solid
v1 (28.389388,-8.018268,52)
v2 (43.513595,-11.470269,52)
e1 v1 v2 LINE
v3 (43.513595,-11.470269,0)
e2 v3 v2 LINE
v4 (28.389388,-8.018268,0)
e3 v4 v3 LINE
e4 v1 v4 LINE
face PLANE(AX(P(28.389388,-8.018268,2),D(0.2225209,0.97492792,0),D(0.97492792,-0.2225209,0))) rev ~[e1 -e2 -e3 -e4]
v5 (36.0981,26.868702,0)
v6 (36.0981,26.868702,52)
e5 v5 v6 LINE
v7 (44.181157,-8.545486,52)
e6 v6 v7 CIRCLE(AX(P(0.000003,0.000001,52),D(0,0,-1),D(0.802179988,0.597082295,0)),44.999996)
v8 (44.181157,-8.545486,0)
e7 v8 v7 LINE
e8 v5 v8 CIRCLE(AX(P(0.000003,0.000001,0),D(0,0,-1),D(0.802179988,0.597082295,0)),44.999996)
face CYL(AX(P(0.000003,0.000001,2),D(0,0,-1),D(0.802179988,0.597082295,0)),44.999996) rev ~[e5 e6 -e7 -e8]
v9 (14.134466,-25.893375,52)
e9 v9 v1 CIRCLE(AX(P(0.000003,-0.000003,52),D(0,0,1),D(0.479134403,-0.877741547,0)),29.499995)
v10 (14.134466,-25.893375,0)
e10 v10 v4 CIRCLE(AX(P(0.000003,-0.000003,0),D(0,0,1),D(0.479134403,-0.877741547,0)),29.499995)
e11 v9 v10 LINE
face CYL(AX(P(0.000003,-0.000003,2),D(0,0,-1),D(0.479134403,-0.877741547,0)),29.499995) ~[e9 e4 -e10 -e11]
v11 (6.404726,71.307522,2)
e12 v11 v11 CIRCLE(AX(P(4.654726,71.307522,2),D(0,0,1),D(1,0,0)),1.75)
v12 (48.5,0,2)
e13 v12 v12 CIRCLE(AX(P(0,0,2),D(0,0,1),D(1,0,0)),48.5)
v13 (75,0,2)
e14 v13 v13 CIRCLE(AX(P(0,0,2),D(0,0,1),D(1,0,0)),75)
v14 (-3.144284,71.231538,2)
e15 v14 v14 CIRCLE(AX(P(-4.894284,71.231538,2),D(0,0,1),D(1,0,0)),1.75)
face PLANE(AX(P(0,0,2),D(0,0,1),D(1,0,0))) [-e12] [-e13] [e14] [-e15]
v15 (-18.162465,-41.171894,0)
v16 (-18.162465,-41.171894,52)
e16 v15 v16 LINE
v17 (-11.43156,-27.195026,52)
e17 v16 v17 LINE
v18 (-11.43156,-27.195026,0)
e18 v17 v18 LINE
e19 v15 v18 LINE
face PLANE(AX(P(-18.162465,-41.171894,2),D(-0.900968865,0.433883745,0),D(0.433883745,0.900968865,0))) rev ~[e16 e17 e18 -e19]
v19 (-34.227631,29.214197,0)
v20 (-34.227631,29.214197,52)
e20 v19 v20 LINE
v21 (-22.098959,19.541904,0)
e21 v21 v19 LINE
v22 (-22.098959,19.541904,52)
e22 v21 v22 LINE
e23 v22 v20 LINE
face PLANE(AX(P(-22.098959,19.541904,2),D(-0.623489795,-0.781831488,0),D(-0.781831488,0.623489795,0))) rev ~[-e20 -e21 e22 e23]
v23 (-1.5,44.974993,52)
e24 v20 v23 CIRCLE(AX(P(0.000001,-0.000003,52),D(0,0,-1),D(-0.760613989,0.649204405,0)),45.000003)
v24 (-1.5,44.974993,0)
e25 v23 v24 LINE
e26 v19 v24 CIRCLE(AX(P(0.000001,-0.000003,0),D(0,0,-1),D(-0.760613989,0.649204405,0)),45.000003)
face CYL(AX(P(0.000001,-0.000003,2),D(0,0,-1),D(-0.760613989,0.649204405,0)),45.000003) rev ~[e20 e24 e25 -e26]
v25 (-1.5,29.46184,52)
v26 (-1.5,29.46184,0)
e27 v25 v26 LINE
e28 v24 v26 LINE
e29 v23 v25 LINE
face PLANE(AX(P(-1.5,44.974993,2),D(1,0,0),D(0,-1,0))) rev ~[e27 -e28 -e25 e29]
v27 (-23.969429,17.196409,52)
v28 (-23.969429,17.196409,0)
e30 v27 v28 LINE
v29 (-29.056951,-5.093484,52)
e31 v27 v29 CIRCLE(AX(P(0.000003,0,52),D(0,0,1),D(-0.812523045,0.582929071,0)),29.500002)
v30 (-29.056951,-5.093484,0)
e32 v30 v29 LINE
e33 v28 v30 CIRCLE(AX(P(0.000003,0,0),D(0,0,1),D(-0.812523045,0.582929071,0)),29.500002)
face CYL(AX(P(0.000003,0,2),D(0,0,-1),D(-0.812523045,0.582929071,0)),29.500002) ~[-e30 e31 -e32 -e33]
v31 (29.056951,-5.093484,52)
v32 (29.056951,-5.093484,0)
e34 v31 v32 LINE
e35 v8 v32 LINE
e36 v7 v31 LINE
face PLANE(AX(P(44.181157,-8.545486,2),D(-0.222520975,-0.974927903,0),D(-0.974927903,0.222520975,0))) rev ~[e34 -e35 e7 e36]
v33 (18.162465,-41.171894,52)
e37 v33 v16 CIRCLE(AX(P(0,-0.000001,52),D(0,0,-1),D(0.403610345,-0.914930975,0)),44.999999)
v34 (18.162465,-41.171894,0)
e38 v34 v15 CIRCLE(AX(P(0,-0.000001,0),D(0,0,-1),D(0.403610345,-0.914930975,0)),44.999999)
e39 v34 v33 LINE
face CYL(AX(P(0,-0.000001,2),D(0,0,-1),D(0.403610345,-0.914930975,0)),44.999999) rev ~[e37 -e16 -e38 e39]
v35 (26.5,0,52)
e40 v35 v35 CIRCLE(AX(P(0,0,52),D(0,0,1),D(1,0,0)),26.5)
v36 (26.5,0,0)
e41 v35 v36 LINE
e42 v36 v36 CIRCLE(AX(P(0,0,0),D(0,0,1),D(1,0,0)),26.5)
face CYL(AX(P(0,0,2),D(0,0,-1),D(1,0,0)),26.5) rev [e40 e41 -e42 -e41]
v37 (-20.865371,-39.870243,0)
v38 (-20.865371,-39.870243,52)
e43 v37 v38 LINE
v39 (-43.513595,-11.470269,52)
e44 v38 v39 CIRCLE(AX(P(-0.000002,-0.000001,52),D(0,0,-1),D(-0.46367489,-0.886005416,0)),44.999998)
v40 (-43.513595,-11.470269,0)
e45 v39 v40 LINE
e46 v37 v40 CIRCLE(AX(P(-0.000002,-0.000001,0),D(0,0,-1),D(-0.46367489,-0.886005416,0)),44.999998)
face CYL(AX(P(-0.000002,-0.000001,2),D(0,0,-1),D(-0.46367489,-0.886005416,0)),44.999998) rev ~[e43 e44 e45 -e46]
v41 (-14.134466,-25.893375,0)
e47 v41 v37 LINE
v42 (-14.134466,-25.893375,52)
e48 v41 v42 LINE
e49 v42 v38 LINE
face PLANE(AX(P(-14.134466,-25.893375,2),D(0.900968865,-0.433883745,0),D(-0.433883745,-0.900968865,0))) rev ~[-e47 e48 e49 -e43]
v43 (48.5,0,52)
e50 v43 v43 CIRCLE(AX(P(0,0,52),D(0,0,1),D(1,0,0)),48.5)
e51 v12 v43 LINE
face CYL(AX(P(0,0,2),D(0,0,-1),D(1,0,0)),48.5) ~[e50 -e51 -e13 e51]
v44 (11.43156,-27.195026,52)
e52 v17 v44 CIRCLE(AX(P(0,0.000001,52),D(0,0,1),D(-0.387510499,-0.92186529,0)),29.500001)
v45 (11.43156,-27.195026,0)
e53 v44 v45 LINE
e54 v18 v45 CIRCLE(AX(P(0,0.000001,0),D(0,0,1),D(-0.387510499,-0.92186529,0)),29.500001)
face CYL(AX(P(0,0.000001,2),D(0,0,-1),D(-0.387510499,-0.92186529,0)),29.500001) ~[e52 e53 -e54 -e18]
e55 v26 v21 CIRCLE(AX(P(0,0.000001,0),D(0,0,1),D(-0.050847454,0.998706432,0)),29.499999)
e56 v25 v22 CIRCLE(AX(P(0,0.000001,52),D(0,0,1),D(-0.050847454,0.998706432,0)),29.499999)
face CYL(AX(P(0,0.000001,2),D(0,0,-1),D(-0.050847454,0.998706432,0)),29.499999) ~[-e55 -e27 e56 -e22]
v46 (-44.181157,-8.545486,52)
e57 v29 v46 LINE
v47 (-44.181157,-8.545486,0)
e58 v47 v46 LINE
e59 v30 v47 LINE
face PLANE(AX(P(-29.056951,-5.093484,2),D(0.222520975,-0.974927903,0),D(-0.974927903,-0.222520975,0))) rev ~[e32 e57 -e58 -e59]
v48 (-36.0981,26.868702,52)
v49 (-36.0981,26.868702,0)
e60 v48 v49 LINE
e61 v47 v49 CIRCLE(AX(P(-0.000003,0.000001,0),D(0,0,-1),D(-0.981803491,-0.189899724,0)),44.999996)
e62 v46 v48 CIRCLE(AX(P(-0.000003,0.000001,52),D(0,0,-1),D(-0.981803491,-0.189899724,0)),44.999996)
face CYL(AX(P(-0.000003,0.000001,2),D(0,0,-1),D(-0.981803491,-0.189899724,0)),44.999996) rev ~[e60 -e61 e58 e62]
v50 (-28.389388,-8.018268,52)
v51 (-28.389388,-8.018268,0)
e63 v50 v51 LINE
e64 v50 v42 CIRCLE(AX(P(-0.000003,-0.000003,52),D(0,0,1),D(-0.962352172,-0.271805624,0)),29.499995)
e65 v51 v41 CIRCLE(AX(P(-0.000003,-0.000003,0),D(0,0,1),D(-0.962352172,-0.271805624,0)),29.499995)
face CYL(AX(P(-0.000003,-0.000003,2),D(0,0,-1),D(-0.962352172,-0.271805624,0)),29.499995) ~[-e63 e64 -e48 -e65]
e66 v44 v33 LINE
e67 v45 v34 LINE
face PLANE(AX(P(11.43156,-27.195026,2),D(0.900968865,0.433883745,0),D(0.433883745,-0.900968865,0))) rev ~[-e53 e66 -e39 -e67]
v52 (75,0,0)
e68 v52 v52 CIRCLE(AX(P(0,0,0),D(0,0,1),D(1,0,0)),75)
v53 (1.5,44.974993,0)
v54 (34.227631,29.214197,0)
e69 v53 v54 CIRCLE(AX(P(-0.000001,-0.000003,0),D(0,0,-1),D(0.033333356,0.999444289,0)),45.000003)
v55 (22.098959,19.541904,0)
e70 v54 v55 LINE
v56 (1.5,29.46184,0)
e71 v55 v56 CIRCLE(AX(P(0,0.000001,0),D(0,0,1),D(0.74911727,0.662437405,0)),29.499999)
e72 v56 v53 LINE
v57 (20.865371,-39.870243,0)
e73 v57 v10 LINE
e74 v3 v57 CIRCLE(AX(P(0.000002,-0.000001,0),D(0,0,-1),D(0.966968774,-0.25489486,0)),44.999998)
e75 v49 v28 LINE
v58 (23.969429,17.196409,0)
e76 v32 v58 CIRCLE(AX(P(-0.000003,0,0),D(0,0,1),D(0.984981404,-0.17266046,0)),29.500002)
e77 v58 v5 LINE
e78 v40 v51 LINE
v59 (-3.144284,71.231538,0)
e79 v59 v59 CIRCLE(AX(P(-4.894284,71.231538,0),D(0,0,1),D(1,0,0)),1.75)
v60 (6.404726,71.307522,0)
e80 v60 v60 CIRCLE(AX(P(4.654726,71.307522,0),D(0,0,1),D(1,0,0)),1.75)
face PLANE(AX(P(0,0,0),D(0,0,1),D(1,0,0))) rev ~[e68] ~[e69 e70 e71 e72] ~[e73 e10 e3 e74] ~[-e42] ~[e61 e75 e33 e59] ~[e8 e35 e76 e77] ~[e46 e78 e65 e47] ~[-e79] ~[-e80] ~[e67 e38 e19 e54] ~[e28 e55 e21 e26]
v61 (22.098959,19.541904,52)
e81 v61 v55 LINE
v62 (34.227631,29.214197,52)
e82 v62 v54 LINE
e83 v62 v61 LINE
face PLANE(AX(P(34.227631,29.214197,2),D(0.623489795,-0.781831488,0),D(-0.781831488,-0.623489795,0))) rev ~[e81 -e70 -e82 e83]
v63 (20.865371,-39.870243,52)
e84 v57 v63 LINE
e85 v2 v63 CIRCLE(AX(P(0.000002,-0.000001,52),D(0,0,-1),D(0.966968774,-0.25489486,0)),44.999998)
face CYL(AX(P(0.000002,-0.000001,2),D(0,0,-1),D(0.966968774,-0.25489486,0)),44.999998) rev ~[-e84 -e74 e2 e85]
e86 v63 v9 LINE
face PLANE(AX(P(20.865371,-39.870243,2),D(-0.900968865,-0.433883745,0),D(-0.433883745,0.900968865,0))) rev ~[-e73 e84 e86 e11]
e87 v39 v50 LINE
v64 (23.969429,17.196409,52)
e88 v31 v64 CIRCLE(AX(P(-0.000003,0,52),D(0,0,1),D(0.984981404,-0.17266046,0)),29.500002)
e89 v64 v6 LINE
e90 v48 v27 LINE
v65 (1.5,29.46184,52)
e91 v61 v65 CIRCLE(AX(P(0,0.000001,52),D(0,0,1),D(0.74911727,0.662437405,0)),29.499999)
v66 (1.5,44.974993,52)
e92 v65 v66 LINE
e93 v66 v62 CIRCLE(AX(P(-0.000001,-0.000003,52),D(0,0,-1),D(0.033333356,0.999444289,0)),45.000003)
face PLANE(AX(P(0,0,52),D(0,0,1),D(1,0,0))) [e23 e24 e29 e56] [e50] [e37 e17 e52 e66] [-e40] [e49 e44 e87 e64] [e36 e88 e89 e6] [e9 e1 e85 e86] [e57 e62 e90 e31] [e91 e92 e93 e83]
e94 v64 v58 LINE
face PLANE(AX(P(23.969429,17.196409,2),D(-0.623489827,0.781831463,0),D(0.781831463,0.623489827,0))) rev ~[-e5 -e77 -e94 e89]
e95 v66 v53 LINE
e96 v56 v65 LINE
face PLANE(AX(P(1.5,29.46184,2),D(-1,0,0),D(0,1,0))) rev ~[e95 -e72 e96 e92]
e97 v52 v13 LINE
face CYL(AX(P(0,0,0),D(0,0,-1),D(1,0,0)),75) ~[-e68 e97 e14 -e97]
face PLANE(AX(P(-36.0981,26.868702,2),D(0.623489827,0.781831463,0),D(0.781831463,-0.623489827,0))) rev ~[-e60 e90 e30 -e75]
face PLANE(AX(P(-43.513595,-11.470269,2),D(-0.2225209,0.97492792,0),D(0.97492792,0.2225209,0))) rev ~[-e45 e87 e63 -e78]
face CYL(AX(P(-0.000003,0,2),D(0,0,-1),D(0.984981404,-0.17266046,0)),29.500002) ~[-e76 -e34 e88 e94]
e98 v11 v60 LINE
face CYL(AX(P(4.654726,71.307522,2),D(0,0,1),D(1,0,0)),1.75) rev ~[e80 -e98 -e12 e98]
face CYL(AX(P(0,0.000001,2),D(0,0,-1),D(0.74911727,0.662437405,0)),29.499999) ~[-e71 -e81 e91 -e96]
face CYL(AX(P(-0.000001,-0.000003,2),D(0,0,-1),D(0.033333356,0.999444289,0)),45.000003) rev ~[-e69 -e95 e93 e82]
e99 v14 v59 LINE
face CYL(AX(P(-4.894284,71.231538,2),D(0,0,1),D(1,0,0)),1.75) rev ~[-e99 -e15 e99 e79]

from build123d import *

# Parameters (mm, degrees)
F0_R     = 75
F0_R_2   = 26.5
F1_DEPTH = 2
F2_R     = 48.5
F2_R_2   = 26.5
F3_DEPTH = 50
F4_R     = 1.75
F5_DEPTH = 2.001


with BuildPart() as f1:
    # F0 (on Top) → F1 (new body)
    with BuildSketch(Plane.XY):
        Circle(F0_R)
        with BuildLine():
            Line((-43.513595, -11.470269), (-28.389388, -8.018268))
            ThreePointArc((-28.389388, -8.018268), (-23.064029, -18.392949), (-14.134466, -25.893375))
            Line((-14.134466, -25.893375), (-20.865371, -39.870243))
            ThreePointArc((-20.865371, -39.870243), (-35.182417, -28.057041), (-43.513595, -11.470269))
        make_face(mode=Mode.SUBTRACT)
        with BuildLine():
            Line((-18.162465, -41.171894), (-11.43156, -27.195026))
            ThreePointArc((-11.43156, -27.195026), (0, -29.5), (11.43156, -27.195026))
            Line((11.43156, -27.195026), (18.162465, -41.171894))
            ThreePointArc((18.162465, -41.171894), (0, -45), (-18.162465, -41.171894))
        make_face(mode=Mode.SUBTRACT)
        with BuildLine():
            Line((20.865371, -39.870243), (14.134466, -25.893375))
            ThreePointArc((14.134466, -25.893375), (23.064029, -18.392949), (28.389388, -8.018268))
            Line((28.389388, -8.018268), (43.513595, -11.470269))
            ThreePointArc((43.513595, -11.470269), (35.182417, -28.057041), (20.865371, -39.870243))
        make_face(mode=Mode.SUBTRACT)
        with BuildLine():
            Line((-36.0981, 26.868702), (-23.969429, 17.196409))
            ThreePointArc((-23.969429, 17.196409), (-28.760373, 6.564368), (-29.056951, -5.093484))
            Line((-29.056951, -5.093484), (-44.181157, -8.545486))
            ThreePointArc((-44.181157, -8.545486), (-43.871756, 10.013442), (-36.0981, 26.868702))
        make_face(mode=Mode.SUBTRACT)
        with BuildLine():
            Line((-1.5, 44.974993), (-1.5, 29.46184))
            ThreePointArc((-1.5, 29.46184), (-12.79957, 26.578582), (-22.098959, 19.541904))
            Line((-22.098959, 19.541904), (-34.227631, 29.214197))
            ThreePointArc((-34.227631, 29.214197), (-19.524768, 40.543599), (-1.5, 44.974993))
        make_face(mode=Mode.SUBTRACT)
        Circle(F0_R_2, mode=Mode.SUBTRACT)
        with BuildLine():
            Line((44.181157, -8.545486), (29.056951, -5.093484))
            ThreePointArc((29.056951, -5.093484), (28.760373, 6.564368), (23.969429, 17.196409))
            Line((23.969429, 17.196409), (36.0981, 26.868702))
            ThreePointArc((36.0981, 26.868702), (43.871756, 10.013442), (44.181157, -8.545486))
        make_face(mode=Mode.SUBTRACT)
        with BuildLine():
            ThreePointArc((22.098959, 19.541904), (12.79957, 26.578582), (1.5, 29.46184))
            Line((1.5, 29.46184), (1.5, 44.974993))
            ThreePointArc((1.5, 44.974993), (19.524768, 40.543599), (34.227631, 29.214197))
            Line((34.227631, 29.214197), (22.098959, 19.541904))
        make_face(mode=Mode.SUBTRACT)
    extrude(amount=F1_DEPTH)

    # F2 (on face) → F3 (join)
    with BuildSketch(Plane.XY.offset(2)):
        Circle(F2_R)
        with BuildLine():
            Line((-14.134466, -25.893375), (-20.865371, -39.870243))
            ThreePointArc((-20.865371, -39.870243), (-35.182417, -28.057041), (-43.513595, -11.470269))
            Line((-43.513595, -11.470269), (-28.389388, -8.018268))
            ThreePointArc((-28.389388, -8.018268), (-23.064029, -18.392949), (-14.134466, -25.893375))
        make_face(mode=Mode.SUBTRACT)
        with BuildLine():
            ThreePointArc((18.162465, -41.171894), (0, -45), (-18.162465, -41.171894))
            Line((-18.162465, -41.171894), (-11.43156, -27.195026))
            ThreePointArc((-11.43156, -27.195026), (0, -29.5), (11.43156, -27.195026))
            Line((11.43156, -27.195026), (18.162465, -41.171894))
        make_face(mode=Mode.SUBTRACT)
        with BuildLine():
            ThreePointArc((43.513595, -11.470269), (35.182417, -28.057041), (20.865371, -39.870243))
            Line((20.865371, -39.870243), (14.134466, -25.893375))
            ThreePointArc((14.134466, -25.893375), (23.064029, -18.392949), (28.389388, -8.018268))
            Line((28.389388, -8.018268), (43.513595, -11.470269))
        make_face(mode=Mode.SUBTRACT)
        with BuildLine():
            Line((-29.056951, -5.093484), (-44.181157, -8.545486))
            ThreePointArc((-44.181157, -8.545486), (-43.871756, 10.013442), (-36.0981, 26.868702))
            Line((-36.0981, 26.868702), (-23.969429, 17.196409))
            ThreePointArc((-23.969429, 17.196409), (-28.760373, 6.564368), (-29.056951, -5.093484))
        make_face(mode=Mode.SUBTRACT)
        with BuildLine():
            Line((-22.098959, 19.541904), (-34.227631, 29.214197))
            ThreePointArc((-34.227631, 29.214197), (-19.524768, 40.543599), (-1.5, 44.974993))
            Line((-1.5, 44.974993), (-1.5, 29.46184))
            ThreePointArc((-1.5, 29.46184), (-12.79957, 26.578582), (-22.098959, 19.541904))
        make_face(mode=Mode.SUBTRACT)
        Circle(F2_R_2, mode=Mode.SUBTRACT)
        with BuildLine():
            ThreePointArc((36.0981, 26.868702), (43.871756, 10.013442), (44.181157, -8.545486))
            Line((44.181157, -8.545486), (29.056951, -5.093484))
            ThreePointArc((29.056951, -5.093484), (28.760373, 6.564368), (23.969429, 17.196409))
            Line((23.969429, 17.196409), (36.0981, 26.868702))
        make_face(mode=Mode.SUBTRACT)
        with BuildLine():
            Line((1.5, 29.46184), (1.5, 44.974993))
            ThreePointArc((1.5, 44.974993), (19.524768, 40.543599), (34.227631, 29.214197))
            Line((34.227631, 29.214197), (22.098959, 19.541904))
            ThreePointArc((22.098959, 19.541904), (12.79957, 26.578582), (1.5, 29.46184))
        make_face(mode=Mode.SUBTRACT)
    extrude(amount=F3_DEPTH)

    # F4 (on face) → F5 (cut, through all)
    with BuildSketch(Plane.XY.offset(2)):
        with Locations((-4.894284, 71.231538)):
            Circle(F4_R)
        with Locations((4.654726, 71.307522)):
            Circle(F4_R)
    extrude(amount=-F5_DEPTH, mode=Mode.SUBTRACT)


solid = f1.part
